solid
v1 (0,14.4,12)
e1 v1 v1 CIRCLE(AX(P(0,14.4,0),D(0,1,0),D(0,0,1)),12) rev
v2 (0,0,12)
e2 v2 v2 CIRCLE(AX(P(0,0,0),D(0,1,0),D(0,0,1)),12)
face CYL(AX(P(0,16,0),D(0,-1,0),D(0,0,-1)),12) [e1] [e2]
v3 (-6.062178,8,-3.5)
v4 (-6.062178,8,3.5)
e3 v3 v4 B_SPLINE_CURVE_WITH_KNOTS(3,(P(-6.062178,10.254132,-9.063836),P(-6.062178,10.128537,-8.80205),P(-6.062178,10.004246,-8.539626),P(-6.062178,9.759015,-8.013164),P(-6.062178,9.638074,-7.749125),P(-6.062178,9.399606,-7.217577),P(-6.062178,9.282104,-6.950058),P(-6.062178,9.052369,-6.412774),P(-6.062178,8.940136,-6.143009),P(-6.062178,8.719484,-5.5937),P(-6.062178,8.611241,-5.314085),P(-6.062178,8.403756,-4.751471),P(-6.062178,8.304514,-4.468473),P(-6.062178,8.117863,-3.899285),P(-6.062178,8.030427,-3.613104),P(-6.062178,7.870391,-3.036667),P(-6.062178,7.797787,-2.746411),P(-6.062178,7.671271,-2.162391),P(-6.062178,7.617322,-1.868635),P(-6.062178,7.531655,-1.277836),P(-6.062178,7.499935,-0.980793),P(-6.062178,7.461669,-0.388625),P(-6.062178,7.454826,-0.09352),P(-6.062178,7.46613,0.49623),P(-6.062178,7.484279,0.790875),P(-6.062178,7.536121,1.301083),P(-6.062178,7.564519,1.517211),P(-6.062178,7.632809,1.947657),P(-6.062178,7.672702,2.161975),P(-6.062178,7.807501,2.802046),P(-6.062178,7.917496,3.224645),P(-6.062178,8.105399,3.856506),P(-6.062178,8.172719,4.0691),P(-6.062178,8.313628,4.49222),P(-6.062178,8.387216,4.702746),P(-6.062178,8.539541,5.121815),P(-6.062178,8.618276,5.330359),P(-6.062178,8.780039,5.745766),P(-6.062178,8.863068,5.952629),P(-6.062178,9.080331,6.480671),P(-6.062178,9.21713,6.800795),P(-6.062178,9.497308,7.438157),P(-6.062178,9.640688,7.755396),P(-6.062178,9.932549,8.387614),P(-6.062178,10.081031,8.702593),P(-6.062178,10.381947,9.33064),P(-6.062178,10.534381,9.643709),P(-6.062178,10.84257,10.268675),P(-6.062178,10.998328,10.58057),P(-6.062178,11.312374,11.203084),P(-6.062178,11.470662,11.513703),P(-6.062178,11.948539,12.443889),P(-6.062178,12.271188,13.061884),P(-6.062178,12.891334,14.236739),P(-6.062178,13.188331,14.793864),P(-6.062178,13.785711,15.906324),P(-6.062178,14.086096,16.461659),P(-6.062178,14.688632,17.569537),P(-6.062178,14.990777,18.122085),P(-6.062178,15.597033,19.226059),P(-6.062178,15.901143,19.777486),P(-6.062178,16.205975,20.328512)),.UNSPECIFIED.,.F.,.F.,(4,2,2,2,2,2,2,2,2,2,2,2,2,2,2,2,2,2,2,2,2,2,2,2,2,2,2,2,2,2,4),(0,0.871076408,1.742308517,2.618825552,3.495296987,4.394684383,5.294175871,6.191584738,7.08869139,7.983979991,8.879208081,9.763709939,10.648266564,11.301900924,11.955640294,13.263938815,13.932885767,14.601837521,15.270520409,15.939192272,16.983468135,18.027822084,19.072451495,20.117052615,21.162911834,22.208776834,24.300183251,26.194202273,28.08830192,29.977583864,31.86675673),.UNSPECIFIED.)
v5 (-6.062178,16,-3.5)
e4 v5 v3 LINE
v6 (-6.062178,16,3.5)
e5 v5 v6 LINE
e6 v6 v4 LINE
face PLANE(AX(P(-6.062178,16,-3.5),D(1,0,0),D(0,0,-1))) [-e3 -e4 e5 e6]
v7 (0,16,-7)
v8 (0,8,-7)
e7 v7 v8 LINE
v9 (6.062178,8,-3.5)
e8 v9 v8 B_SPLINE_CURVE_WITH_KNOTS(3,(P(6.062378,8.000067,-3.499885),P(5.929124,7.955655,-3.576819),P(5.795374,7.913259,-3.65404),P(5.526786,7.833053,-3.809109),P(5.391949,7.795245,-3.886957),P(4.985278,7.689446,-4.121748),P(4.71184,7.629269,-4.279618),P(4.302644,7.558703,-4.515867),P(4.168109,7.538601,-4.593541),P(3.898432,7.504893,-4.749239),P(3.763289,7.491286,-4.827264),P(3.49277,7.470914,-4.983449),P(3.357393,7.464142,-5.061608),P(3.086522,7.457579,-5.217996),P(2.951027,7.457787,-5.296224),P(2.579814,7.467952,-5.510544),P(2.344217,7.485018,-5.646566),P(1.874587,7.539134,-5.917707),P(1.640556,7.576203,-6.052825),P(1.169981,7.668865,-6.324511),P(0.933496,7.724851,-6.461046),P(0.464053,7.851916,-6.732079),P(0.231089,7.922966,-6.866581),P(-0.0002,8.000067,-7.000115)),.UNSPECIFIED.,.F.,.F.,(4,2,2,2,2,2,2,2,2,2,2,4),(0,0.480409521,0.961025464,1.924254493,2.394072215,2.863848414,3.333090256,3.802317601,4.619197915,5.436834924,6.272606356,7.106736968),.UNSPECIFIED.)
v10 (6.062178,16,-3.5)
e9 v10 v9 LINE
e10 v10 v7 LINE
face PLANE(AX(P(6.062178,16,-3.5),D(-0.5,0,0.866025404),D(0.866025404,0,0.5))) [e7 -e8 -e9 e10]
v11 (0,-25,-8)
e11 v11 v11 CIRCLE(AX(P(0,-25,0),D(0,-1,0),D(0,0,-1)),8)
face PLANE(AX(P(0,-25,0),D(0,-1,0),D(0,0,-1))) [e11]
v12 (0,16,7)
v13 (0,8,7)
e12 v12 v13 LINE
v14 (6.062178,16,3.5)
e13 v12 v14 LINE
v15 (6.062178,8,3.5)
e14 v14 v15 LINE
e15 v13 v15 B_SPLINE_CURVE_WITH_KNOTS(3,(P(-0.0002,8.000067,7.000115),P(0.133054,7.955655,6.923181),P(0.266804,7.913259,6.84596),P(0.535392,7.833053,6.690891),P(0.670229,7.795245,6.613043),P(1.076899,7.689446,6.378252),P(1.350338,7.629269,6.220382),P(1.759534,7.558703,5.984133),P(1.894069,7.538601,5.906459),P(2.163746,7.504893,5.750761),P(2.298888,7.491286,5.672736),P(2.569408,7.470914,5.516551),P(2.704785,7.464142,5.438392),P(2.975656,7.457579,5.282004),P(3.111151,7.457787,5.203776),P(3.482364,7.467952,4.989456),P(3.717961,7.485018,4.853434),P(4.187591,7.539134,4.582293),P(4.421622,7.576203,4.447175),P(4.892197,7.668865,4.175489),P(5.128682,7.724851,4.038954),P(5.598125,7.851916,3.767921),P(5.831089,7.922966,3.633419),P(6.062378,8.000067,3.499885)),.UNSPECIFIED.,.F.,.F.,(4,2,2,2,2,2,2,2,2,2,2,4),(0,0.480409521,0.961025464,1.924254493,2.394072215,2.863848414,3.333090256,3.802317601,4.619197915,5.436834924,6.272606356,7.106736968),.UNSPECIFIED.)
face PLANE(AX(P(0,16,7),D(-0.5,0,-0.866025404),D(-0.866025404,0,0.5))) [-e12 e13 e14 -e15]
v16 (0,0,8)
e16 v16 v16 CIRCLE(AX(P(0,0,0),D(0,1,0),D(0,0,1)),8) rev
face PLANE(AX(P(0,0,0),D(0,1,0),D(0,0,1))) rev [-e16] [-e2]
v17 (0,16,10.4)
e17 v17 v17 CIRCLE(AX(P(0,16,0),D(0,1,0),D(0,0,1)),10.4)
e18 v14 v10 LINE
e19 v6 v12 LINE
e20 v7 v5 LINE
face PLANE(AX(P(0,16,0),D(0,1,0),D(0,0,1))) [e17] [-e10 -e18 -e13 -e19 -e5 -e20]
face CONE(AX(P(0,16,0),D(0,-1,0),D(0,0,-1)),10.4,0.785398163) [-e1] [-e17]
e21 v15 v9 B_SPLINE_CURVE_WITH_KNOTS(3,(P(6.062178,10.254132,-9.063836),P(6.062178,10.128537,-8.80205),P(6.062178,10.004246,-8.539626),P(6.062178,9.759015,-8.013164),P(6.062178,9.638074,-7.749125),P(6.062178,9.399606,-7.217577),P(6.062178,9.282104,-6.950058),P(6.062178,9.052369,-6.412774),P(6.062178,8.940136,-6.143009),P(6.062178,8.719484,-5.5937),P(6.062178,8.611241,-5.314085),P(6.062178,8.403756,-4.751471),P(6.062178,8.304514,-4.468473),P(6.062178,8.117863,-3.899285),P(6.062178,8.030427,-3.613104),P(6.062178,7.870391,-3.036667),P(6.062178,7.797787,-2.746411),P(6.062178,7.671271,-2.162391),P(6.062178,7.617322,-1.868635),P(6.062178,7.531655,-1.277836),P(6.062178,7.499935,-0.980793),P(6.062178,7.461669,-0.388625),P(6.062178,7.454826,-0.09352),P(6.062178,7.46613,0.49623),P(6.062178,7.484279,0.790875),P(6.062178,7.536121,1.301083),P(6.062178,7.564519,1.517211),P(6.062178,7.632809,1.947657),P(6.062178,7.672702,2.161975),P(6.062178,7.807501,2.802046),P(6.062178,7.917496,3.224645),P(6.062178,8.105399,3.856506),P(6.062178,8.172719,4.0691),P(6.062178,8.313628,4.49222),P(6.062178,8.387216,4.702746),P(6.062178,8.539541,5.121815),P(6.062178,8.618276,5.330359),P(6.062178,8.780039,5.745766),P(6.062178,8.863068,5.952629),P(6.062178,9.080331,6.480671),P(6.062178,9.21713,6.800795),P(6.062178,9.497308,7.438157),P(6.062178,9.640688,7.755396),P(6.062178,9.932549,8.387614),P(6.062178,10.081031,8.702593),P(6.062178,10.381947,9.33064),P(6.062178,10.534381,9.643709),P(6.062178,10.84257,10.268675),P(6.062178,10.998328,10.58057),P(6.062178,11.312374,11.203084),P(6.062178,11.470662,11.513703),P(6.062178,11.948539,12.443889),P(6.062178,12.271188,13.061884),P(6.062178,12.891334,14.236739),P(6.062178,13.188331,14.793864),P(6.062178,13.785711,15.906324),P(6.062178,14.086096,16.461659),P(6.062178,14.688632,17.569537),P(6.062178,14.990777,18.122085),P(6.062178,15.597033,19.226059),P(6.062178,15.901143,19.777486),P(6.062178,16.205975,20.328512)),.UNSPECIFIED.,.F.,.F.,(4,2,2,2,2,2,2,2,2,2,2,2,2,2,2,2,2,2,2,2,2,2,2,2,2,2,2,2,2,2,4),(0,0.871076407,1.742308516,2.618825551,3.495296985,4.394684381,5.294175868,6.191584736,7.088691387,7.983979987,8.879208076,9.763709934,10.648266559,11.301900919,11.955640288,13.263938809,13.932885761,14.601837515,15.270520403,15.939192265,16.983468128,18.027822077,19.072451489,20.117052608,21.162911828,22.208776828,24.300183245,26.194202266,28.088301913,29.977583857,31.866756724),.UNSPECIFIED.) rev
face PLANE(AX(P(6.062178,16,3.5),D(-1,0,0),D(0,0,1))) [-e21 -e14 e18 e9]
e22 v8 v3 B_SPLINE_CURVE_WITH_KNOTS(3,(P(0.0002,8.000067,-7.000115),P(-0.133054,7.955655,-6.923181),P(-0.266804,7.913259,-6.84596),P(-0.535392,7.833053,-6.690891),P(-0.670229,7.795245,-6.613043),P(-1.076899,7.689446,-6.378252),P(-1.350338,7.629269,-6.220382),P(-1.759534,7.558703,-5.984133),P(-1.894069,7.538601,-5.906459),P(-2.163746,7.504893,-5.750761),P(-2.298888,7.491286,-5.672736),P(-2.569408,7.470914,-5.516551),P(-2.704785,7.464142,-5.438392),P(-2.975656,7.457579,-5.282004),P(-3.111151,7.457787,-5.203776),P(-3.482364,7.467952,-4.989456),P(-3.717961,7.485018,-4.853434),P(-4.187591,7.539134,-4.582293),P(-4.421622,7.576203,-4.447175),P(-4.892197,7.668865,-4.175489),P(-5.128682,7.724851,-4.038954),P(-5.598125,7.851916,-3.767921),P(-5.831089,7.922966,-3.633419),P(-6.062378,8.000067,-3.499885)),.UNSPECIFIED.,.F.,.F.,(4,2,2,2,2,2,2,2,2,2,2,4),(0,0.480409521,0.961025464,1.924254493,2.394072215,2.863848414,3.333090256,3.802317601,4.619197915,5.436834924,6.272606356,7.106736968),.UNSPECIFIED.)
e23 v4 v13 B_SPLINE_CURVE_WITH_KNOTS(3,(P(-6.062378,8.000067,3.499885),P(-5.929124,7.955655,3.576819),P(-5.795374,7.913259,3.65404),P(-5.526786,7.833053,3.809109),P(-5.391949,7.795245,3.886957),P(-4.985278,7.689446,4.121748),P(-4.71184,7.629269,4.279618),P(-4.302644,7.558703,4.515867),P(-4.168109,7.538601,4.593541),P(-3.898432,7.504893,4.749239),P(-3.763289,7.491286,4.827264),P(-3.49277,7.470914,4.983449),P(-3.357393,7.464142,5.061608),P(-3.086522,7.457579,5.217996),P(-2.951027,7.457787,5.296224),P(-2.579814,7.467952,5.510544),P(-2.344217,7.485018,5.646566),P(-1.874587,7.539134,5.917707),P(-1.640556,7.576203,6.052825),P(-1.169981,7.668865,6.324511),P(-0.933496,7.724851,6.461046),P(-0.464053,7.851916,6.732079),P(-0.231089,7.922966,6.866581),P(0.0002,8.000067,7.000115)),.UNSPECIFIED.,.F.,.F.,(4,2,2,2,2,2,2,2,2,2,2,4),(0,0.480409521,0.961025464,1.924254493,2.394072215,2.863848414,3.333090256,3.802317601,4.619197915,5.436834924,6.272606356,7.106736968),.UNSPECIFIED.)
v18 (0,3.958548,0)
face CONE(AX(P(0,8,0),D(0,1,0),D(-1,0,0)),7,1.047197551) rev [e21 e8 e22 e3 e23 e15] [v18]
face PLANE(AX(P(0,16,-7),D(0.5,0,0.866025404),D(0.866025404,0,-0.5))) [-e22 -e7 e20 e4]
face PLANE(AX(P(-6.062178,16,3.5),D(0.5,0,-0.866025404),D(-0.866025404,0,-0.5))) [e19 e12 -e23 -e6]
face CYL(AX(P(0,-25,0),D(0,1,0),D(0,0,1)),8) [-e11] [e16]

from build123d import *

# Parameters (mm, degrees)
CROQUIS4_R               = 12
SALIENTE_EXTRUIR3_DEPTH  = 16
CHAFL_N2_SIZE            = 1.6
CROQUIS6_13_R            = 8
SALIENTE_EXTRUIR15_DEPTH = 25


with BuildPart() as part:
    # Croquis4 → Saliente-Extruir3 (new body)
    with BuildSketch(Plane(origin=(0, 0, 0), x_dir=(1, 0, 0), z_dir=(0, 1, 0))):
        Circle(CROQUIS4_R)
        Polygon((0, 7), (-6.062177826, 3.5), (-6.062177826, -3.5), (0, -7), (6.062177826, -3.5), (6.062177826, 3.5), align=None, mode=Mode.SUBTRACT)
    extrude(amount=SALIENTE_EXTRUIR3_DEPTH)

    # Chaflán2
    chafl_n2_edges = [part.edges().sort_by_distance(p)[0] for p in [
        (-12, 16, 0),
    ]]
    chamfer(chafl_n2_edges, length=CHAFL_N2_SIZE)

    # Croquis5 → Revolución2 (revolve)
    with BuildSketch(Plane.XY):
        Polygon((0, 0), (0, 3.958548116), (7, 8), (12, 8), (12, 0), align=None)
    revolve(axis=Axis((0, 0, 0), (0, 1, 0)))

    # Croquis6<13> → Saliente-Extruir15 (add)
    with BuildSketch(Plane.XZ):
        Circle(CROQUIS6_13_R)
    extrude(amount=SALIENTE_EXTRUIR15_DEPTH)


solid = part.part
